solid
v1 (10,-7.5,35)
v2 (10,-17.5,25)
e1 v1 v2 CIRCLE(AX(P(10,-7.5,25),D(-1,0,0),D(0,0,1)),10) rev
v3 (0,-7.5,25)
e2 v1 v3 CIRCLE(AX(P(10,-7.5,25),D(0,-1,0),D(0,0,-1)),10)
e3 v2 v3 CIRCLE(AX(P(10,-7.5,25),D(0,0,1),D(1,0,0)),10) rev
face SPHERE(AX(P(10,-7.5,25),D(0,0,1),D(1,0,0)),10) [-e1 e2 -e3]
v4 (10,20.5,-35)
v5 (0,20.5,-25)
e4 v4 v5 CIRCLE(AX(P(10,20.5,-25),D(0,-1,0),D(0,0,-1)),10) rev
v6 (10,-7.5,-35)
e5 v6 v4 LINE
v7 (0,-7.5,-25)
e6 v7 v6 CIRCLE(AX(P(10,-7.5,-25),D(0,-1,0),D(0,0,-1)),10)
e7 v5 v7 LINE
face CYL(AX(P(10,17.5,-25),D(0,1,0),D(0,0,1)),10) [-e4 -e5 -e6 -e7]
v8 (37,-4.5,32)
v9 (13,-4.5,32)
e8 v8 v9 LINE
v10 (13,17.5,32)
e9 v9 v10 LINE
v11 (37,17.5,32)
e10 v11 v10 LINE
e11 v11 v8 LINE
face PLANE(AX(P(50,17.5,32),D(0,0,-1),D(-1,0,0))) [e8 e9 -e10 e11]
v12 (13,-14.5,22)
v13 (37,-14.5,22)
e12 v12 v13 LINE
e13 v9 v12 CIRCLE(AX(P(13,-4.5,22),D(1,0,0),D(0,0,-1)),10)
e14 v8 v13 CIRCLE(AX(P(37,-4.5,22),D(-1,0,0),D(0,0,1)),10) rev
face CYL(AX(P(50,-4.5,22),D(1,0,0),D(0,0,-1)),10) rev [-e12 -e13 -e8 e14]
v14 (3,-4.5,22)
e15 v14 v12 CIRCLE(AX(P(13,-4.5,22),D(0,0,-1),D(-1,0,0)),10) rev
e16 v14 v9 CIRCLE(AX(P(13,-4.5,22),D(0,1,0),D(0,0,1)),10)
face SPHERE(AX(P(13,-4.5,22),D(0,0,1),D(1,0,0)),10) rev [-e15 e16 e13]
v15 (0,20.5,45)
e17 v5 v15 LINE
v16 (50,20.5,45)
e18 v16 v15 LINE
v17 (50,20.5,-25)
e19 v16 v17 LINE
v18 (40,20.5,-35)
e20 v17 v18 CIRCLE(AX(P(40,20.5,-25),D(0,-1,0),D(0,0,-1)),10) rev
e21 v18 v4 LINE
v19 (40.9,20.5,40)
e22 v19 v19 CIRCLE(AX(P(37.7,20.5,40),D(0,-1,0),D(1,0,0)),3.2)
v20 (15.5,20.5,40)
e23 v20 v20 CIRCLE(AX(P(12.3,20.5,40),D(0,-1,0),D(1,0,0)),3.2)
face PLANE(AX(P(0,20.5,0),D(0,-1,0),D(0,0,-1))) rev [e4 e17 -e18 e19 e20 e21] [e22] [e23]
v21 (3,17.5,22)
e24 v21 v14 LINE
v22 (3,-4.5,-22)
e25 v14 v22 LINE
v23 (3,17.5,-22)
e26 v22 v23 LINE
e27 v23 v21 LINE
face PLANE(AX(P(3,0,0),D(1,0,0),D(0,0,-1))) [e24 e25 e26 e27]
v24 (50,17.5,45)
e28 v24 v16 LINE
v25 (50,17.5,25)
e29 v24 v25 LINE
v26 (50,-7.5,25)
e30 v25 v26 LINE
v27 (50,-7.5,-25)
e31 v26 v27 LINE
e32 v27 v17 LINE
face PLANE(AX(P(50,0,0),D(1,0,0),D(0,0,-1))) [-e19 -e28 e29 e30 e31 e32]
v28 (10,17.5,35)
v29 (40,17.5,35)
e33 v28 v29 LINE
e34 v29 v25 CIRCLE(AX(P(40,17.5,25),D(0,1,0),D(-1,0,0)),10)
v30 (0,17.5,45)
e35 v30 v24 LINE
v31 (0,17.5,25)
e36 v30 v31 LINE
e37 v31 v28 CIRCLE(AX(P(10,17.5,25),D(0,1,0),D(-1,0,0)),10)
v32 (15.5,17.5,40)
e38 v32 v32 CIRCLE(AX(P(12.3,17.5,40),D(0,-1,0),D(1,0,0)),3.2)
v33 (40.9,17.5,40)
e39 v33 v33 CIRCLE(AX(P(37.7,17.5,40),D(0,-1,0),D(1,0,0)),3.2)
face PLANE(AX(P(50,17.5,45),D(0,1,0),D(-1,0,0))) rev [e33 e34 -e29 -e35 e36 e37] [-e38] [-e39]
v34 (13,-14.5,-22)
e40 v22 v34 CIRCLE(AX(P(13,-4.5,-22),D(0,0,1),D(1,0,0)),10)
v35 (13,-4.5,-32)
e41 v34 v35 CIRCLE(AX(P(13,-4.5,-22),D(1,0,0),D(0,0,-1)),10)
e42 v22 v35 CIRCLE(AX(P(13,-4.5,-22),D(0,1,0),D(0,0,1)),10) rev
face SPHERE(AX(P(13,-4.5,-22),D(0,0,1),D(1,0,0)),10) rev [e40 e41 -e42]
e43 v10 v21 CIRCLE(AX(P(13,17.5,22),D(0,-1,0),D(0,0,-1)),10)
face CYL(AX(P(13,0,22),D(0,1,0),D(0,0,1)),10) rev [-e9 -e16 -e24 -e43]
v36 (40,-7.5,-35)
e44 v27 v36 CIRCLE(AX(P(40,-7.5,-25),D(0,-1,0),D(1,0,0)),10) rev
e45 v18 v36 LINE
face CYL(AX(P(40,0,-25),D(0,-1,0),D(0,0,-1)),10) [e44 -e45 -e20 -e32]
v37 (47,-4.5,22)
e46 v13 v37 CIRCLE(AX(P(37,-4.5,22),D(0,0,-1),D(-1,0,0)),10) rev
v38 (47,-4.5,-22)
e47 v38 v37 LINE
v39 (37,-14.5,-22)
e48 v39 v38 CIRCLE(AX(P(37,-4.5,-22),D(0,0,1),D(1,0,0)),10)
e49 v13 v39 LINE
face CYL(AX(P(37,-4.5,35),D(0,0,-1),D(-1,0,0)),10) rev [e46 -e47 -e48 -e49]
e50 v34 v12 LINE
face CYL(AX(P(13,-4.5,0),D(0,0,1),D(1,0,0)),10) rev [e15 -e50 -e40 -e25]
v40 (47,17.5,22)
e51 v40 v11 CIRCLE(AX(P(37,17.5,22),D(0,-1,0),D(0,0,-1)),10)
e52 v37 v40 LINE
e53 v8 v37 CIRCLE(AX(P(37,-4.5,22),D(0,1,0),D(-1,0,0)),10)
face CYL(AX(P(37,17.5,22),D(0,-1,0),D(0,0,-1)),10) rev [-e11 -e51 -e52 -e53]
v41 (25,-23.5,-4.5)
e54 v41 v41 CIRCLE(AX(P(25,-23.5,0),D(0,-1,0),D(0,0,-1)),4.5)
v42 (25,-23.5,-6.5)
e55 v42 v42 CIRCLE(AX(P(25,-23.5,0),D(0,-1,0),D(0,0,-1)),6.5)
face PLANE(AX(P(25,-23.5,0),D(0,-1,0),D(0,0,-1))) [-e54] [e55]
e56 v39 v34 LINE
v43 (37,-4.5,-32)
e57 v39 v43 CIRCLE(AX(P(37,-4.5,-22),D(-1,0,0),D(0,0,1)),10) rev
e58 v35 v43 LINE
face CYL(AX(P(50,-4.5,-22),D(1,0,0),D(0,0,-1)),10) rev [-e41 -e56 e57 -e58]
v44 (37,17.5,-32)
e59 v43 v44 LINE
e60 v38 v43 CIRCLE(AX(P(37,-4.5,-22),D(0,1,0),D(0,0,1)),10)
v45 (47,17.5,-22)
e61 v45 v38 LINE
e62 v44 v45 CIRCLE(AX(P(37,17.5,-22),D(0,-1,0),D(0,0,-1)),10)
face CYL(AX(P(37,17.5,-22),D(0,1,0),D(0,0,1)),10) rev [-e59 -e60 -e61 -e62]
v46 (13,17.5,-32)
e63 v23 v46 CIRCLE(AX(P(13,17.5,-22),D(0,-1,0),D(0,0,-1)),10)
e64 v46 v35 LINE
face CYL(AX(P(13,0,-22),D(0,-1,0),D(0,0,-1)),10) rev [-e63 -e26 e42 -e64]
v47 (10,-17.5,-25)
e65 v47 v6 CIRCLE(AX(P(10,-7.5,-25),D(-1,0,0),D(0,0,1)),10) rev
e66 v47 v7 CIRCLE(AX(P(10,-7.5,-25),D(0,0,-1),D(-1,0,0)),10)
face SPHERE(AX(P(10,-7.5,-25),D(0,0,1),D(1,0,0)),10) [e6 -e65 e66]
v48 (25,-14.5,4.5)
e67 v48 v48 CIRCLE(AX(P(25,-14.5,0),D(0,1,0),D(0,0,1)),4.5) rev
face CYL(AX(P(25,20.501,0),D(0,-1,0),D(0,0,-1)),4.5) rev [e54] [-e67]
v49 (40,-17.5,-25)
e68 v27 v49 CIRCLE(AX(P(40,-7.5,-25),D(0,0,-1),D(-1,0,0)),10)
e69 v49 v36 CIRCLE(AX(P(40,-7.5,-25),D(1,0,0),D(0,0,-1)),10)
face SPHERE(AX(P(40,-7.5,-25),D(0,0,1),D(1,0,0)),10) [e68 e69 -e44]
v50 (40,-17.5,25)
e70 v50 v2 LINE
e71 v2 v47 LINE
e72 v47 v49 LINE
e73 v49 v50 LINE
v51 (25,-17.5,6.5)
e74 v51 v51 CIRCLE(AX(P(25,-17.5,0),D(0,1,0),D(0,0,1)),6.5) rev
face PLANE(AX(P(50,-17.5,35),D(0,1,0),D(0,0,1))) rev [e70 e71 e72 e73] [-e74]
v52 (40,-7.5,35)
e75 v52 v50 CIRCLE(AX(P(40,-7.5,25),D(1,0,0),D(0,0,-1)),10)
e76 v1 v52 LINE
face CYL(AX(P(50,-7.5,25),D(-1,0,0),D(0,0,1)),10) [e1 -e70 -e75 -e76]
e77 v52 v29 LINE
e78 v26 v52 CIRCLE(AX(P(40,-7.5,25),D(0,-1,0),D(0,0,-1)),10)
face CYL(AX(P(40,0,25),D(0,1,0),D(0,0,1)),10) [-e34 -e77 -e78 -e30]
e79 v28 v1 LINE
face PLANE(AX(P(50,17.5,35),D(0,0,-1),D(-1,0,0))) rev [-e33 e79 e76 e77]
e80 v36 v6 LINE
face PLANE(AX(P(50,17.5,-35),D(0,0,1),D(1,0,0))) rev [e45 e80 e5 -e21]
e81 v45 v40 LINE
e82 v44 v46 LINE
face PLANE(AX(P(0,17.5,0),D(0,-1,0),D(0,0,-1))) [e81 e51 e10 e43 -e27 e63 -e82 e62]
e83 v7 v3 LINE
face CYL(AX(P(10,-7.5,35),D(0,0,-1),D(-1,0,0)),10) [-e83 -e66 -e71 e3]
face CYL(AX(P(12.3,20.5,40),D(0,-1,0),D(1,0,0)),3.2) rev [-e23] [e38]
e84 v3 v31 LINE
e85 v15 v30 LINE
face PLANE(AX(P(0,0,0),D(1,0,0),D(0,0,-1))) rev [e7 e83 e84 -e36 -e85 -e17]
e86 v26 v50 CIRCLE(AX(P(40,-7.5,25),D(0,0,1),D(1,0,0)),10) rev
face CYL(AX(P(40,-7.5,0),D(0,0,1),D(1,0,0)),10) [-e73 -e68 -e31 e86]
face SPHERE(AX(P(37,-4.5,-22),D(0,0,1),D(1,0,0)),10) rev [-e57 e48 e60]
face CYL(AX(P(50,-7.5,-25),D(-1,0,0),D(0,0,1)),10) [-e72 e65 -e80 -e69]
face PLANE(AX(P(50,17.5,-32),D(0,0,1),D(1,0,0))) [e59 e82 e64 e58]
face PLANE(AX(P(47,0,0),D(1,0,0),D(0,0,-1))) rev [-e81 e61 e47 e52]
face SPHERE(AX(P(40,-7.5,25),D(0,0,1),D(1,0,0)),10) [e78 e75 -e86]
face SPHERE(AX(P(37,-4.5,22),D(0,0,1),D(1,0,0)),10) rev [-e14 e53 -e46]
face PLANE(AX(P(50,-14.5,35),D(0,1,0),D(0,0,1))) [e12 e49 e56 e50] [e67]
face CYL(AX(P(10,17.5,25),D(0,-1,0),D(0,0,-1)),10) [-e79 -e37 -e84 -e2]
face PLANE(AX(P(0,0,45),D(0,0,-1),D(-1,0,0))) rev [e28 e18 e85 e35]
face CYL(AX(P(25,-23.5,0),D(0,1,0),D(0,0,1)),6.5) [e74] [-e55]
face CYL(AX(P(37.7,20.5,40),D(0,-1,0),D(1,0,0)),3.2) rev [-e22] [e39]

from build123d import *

# Parameters (mm, degrees)
SKETCH1_W           = 70
SKETCH1_H           = 35
BOSS_EXTRUDE1_DEPTH = 50
SHELL1_T            = -3
SKETCH2_W           = 50
SKETCH2_H           = 70
BOSS_EXTRUDE2_DEPTH = 3
SKETCH4_R           = 6.5
BOSS_EXTRUDE3_DEPTH = 6
CUT_EXTRUDE1_REACH  = 46
SKETCH5_R           = 4.5
SKETCH6_W           = 50
SKETCH6_H           = 3
BOSS_EXTRUDE4_DEPTH = 10
SKETCH8_R           = 3.2
CUT_EXTRUDE3_DEPTH  = 4
SKETCH9_R           = 3.2
CUT_EXTRUDE4_DEPTH  = 4
FILLET1_R           = 10
FILLET2_R           = 10


with BuildPart() as part:
    # Sketch1 → Boss-Extrude1 (new body)
    with BuildSketch(Plane(origin=(0, 0, 0), x_dir=(0, 0, -1), z_dir=(1, 0, 0))):
        Rectangle(SKETCH1_W, SKETCH1_H)
    extrude(amount=BOSS_EXTRUDE1_DEPTH)

    # Shell1
    shell1_openings = [part.faces().sort_by_distance(p)[0] for p in [
        (25, 17.5, 0),
    ]]
    offset(amount=SHELL1_T, openings=shell1_openings, kind=Kind.INTERSECTION)

    # Sketch2 → Boss-Extrude2 (add)
    with BuildSketch(Plane(origin=(0, 17.5, 0), x_dir=(1, 0, 0), z_dir=(0, 1, 0))):
        with Locations((25, 0)):
            Rectangle(SKETCH2_W, SKETCH2_H)
    extrude(amount=BOSS_EXTRUDE2_DEPTH)

    # Sketch4 → Boss-Extrude3 (add)
    with BuildSketch(Plane.XZ.offset(17.5)):
        with Locations((25, 0)):
            Circle(SKETCH4_R)
    extrude(amount=BOSS_EXTRUDE3_DEPTH)

    # Sketch5 → Cut-Extrude1 (cut, up to next)
    with BuildSketch(Plane.XZ.offset(23.5), mode=Mode.PRIVATE) as cut_extrude1_sk1:
        with Locations((25, 0)):
            Circle(SKETCH5_R)
    cut_extrude1_tool1 = extrude(cut_extrude1_sk1.sketch, amount=-CUT_EXTRUDE1_REACH, mode=Mode.PRIVATE) & part.part
    add(cut_extrude1_tool1.solids().sort_by_distance((25, -23.5, 0))[0], mode=Mode.SUBTRACT)

    # Sketch6 → Boss-Extrude4 (add)
    with BuildSketch(Plane.XY.offset(35)):
        with Locations((25, 19)):
            Rectangle(SKETCH6_W, SKETCH6_H)
    extrude(amount=BOSS_EXTRUDE4_DEPTH)

    # Sketch8 → Cut-Extrude3 (cut, through all)
    with BuildSketch(Plane.XZ.offset(-17.5)):
        with Locations((12.3, 40)):
            Circle(SKETCH8_R)
    extrude(amount=-CUT_EXTRUDE3_DEPTH, mode=Mode.SUBTRACT)

    # Sketch9 → Cut-Extrude4 (cut, through all)
    with BuildSketch(Plane.XZ.offset(-17.5)):
        with Locations((37.7, 40)):
            Circle(SKETCH9_R)
    extrude(amount=-CUT_EXTRUDE4_DEPTH, mode=Mode.SUBTRACT)

    # Fillet1
    fillet1_edges = [part.edges().sort_by_distance(p)[0] for p in [
        (50, -17.5, 0),
        (50, 1.5, -35),
        (0, -17.5, 0),
        (0, 0, 35),
        (50, 0, 35),
        (0, 1.5, -35),
        (25, -17.5, -35),
        (25, -17.5, 35),
    ]]
    fillet(fillet1_edges, radius=FILLET1_R)

    # Fillet2
    fillet2_edges = [part.edges().sort_by_distance(p)[0] for p in [
        (3, 1.5, -32),
        (25, -14.5, -32),
        (3, 1.5, 32),
        (3, -14.5, 0),
        (25, -14.5, 32),
        (47, 1.5, -32),
        (47, 1.5, 32),
        (47, -14.5, 0),
    ]]
    fillet(fillet2_edges, radius=FILLET2_R)


solid = part.part
